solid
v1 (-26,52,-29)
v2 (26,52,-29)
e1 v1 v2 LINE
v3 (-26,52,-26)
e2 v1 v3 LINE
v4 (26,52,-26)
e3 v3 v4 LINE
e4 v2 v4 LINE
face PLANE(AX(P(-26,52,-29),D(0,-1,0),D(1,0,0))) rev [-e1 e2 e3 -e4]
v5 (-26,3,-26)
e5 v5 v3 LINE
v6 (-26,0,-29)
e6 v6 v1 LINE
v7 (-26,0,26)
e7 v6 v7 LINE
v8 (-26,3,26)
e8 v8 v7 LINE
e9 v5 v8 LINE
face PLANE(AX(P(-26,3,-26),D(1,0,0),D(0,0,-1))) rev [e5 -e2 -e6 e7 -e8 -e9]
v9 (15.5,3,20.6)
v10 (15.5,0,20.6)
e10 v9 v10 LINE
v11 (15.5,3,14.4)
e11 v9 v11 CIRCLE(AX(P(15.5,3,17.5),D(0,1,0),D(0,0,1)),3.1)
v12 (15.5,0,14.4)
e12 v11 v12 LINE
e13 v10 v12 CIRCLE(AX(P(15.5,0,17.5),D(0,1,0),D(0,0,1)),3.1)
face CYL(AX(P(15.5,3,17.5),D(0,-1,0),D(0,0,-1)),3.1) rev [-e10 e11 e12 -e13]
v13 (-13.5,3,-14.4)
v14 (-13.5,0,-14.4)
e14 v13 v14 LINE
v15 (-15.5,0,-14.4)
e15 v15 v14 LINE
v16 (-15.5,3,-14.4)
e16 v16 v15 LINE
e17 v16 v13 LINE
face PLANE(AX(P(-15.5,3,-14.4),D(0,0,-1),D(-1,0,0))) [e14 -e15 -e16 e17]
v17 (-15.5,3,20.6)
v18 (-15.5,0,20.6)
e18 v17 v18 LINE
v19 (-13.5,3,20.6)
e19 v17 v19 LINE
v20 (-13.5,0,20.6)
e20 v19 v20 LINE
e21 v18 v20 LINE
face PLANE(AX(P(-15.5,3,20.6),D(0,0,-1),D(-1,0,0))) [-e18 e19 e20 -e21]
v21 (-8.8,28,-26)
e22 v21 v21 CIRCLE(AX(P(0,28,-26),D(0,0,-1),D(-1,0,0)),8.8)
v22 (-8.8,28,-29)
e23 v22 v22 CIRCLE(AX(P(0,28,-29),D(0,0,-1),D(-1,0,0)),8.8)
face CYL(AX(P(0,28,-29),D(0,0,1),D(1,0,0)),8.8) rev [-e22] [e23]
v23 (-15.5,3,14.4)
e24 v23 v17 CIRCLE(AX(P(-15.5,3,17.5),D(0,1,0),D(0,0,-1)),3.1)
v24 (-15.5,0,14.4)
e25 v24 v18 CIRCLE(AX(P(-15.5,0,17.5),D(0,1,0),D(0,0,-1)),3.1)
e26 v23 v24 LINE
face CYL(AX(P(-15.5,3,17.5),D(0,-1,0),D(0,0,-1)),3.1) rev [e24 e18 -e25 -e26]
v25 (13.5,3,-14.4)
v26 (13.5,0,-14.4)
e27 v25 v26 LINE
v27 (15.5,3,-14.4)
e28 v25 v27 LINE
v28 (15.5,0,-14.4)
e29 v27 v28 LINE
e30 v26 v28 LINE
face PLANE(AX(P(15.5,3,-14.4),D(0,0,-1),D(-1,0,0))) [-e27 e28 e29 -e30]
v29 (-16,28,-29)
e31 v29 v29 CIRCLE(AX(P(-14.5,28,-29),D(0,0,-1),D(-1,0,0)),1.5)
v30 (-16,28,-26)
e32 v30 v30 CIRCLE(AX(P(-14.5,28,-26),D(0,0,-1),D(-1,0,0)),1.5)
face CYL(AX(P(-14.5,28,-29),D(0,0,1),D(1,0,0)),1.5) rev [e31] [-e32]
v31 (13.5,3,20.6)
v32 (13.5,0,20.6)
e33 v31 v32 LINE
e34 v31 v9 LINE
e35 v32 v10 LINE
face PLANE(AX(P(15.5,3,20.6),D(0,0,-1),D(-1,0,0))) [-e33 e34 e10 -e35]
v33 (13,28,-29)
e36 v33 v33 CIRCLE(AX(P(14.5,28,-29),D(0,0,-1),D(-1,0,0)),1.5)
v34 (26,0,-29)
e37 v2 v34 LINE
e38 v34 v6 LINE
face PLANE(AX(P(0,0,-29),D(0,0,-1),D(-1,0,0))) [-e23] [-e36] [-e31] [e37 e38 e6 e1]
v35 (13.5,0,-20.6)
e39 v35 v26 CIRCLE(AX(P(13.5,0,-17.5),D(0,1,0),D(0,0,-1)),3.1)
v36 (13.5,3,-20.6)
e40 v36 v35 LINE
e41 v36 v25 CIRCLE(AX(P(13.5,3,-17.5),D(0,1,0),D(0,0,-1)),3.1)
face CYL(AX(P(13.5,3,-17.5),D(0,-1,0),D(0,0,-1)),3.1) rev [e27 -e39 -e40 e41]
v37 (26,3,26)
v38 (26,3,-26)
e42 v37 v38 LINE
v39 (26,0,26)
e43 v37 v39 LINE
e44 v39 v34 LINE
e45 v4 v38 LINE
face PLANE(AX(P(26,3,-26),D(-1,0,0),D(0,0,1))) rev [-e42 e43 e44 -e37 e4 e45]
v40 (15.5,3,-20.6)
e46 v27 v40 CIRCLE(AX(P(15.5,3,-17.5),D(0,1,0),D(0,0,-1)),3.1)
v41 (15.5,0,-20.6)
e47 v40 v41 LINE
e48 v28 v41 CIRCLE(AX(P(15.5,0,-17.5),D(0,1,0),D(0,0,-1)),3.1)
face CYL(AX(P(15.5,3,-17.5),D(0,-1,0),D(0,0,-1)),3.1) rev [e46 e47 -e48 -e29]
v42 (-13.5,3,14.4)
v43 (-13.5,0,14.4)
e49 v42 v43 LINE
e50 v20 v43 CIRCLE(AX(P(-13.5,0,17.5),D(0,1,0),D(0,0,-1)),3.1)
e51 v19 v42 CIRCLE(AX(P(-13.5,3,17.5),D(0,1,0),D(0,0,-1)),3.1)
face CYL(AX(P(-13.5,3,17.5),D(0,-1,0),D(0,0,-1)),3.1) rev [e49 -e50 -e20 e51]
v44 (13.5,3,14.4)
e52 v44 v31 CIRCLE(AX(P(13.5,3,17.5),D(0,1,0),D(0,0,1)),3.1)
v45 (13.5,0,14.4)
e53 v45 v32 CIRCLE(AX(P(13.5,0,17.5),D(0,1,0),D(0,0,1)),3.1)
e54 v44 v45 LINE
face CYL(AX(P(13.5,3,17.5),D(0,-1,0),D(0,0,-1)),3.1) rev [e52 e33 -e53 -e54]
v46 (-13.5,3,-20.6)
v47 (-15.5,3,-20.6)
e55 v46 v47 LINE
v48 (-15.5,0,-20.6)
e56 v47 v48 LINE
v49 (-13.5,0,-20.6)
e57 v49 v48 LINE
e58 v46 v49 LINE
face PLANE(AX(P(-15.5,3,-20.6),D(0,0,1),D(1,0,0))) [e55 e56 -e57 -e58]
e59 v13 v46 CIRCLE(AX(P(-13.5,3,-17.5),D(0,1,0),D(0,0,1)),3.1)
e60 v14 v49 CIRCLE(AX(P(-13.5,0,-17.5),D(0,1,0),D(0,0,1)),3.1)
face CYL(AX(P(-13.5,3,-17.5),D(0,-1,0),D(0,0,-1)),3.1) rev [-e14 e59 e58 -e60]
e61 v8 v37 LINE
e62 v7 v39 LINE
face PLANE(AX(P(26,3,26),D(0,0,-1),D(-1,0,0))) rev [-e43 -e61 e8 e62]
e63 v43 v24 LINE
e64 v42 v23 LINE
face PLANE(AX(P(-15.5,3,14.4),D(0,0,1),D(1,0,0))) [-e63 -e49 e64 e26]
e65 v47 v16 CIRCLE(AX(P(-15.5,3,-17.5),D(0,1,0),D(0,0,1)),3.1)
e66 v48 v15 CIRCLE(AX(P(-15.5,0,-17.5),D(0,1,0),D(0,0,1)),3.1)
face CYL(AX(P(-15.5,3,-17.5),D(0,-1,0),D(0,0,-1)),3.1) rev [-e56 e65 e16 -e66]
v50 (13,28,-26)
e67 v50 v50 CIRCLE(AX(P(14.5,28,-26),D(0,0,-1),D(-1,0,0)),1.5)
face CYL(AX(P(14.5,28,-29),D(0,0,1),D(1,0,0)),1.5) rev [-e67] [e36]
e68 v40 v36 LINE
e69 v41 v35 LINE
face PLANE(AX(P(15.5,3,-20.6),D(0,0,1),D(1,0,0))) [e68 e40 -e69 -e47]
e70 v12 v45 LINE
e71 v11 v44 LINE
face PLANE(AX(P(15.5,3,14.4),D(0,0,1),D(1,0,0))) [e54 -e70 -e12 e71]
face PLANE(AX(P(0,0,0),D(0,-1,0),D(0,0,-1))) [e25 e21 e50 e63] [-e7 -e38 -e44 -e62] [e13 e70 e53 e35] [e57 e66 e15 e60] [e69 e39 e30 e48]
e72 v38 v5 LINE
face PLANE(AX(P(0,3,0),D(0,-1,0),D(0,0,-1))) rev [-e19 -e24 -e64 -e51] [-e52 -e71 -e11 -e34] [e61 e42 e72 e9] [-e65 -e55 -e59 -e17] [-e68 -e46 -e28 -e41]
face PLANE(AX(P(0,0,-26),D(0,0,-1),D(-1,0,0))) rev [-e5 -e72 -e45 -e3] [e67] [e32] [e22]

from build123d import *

# Parameters (mm, degrees)
SKETCH_1_W      = 52
SKETCH_1_H      = 52
EXTRUDE_1_DEPTH = 3
SKETCH_2_W      = 52
SKETCH_2_H      = 52
SKETCH_2_R      = 1.5
SKETCH_2_R_2    = 8.8
EXTRUDE_2_DEPTH = 3


with BuildPart() as part:
    # 草圖1 → 填料-伸長1 (new body)
    with BuildSketch(Plane(origin=(0, 0, 0), x_dir=(1, 0, 0), z_dir=(0, 1, 0))):
        Rectangle(SKETCH_1_W, SKETCH_1_H)
        with BuildLine():
            Line((-15.5, 20.6), (-13.5, 20.6))
            ThreePointArc((-13.5, 20.6), (-10.4, 17.5), (-13.5, 14.4))
            Line((-13.5, 14.4), (-15.5, 14.4))
            ThreePointArc((-15.5, 14.4), (-18.6, 17.5), (-15.5, 20.6))
        make_face(mode=Mode.SUBTRACT)
        with BuildLine():
            Line((15.5, 20.6), (13.5, 20.6))
            ThreePointArc((13.5, 20.6), (10.4, 17.5), (13.5, 14.4))
            Line((13.5, 14.4), (15.5, 14.4))
            ThreePointArc((15.5, 14.4), (18.6, 17.5), (15.5, 20.6))
        make_face(mode=Mode.SUBTRACT)
        with BuildLine():
            Line((15.5, -20.6), (13.5, -20.6))
            ThreePointArc((13.5, -20.6), (10.4, -17.5), (13.5, -14.4))
            Line((13.5, -14.4), (15.5, -14.4))
            ThreePointArc((15.5, -14.4), (18.6, -17.5), (15.5, -20.6))
        make_face(mode=Mode.SUBTRACT)
        with BuildLine():
            Line((-15.5, -20.6), (-13.5, -20.6))
            ThreePointArc((-13.5, -20.6), (-10.4, -17.5), (-13.5, -14.4))
            Line((-13.5, -14.4), (-15.5, -14.4))
            ThreePointArc((-15.5, -14.4), (-18.6, -17.5), (-15.5, -20.6))
        make_face(mode=Mode.SUBTRACT)
    extrude(amount=EXTRUDE_1_DEPTH)

    # 草圖2 → 填料-伸長2 (add)
    with BuildSketch(Plane(origin=(0, 0, -26), x_dir=(-1, 0, 0), z_dir=(0, 0, -1))):
        with Locations((0, 26)):
            Rectangle(SKETCH_2_W, SKETCH_2_H)
        with Locations((-14.5, 28)):
            Circle(SKETCH_2_R, mode=Mode.SUBTRACT)
        with Locations((14.5, 28)):
            Circle(SKETCH_2_R, mode=Mode.SUBTRACT)
        with Locations((0, 28)):
            Circle(SKETCH_2_R_2, mode=Mode.SUBTRACT)
    extrude(amount=EXTRUDE_2_DEPTH)


solid = part.part
